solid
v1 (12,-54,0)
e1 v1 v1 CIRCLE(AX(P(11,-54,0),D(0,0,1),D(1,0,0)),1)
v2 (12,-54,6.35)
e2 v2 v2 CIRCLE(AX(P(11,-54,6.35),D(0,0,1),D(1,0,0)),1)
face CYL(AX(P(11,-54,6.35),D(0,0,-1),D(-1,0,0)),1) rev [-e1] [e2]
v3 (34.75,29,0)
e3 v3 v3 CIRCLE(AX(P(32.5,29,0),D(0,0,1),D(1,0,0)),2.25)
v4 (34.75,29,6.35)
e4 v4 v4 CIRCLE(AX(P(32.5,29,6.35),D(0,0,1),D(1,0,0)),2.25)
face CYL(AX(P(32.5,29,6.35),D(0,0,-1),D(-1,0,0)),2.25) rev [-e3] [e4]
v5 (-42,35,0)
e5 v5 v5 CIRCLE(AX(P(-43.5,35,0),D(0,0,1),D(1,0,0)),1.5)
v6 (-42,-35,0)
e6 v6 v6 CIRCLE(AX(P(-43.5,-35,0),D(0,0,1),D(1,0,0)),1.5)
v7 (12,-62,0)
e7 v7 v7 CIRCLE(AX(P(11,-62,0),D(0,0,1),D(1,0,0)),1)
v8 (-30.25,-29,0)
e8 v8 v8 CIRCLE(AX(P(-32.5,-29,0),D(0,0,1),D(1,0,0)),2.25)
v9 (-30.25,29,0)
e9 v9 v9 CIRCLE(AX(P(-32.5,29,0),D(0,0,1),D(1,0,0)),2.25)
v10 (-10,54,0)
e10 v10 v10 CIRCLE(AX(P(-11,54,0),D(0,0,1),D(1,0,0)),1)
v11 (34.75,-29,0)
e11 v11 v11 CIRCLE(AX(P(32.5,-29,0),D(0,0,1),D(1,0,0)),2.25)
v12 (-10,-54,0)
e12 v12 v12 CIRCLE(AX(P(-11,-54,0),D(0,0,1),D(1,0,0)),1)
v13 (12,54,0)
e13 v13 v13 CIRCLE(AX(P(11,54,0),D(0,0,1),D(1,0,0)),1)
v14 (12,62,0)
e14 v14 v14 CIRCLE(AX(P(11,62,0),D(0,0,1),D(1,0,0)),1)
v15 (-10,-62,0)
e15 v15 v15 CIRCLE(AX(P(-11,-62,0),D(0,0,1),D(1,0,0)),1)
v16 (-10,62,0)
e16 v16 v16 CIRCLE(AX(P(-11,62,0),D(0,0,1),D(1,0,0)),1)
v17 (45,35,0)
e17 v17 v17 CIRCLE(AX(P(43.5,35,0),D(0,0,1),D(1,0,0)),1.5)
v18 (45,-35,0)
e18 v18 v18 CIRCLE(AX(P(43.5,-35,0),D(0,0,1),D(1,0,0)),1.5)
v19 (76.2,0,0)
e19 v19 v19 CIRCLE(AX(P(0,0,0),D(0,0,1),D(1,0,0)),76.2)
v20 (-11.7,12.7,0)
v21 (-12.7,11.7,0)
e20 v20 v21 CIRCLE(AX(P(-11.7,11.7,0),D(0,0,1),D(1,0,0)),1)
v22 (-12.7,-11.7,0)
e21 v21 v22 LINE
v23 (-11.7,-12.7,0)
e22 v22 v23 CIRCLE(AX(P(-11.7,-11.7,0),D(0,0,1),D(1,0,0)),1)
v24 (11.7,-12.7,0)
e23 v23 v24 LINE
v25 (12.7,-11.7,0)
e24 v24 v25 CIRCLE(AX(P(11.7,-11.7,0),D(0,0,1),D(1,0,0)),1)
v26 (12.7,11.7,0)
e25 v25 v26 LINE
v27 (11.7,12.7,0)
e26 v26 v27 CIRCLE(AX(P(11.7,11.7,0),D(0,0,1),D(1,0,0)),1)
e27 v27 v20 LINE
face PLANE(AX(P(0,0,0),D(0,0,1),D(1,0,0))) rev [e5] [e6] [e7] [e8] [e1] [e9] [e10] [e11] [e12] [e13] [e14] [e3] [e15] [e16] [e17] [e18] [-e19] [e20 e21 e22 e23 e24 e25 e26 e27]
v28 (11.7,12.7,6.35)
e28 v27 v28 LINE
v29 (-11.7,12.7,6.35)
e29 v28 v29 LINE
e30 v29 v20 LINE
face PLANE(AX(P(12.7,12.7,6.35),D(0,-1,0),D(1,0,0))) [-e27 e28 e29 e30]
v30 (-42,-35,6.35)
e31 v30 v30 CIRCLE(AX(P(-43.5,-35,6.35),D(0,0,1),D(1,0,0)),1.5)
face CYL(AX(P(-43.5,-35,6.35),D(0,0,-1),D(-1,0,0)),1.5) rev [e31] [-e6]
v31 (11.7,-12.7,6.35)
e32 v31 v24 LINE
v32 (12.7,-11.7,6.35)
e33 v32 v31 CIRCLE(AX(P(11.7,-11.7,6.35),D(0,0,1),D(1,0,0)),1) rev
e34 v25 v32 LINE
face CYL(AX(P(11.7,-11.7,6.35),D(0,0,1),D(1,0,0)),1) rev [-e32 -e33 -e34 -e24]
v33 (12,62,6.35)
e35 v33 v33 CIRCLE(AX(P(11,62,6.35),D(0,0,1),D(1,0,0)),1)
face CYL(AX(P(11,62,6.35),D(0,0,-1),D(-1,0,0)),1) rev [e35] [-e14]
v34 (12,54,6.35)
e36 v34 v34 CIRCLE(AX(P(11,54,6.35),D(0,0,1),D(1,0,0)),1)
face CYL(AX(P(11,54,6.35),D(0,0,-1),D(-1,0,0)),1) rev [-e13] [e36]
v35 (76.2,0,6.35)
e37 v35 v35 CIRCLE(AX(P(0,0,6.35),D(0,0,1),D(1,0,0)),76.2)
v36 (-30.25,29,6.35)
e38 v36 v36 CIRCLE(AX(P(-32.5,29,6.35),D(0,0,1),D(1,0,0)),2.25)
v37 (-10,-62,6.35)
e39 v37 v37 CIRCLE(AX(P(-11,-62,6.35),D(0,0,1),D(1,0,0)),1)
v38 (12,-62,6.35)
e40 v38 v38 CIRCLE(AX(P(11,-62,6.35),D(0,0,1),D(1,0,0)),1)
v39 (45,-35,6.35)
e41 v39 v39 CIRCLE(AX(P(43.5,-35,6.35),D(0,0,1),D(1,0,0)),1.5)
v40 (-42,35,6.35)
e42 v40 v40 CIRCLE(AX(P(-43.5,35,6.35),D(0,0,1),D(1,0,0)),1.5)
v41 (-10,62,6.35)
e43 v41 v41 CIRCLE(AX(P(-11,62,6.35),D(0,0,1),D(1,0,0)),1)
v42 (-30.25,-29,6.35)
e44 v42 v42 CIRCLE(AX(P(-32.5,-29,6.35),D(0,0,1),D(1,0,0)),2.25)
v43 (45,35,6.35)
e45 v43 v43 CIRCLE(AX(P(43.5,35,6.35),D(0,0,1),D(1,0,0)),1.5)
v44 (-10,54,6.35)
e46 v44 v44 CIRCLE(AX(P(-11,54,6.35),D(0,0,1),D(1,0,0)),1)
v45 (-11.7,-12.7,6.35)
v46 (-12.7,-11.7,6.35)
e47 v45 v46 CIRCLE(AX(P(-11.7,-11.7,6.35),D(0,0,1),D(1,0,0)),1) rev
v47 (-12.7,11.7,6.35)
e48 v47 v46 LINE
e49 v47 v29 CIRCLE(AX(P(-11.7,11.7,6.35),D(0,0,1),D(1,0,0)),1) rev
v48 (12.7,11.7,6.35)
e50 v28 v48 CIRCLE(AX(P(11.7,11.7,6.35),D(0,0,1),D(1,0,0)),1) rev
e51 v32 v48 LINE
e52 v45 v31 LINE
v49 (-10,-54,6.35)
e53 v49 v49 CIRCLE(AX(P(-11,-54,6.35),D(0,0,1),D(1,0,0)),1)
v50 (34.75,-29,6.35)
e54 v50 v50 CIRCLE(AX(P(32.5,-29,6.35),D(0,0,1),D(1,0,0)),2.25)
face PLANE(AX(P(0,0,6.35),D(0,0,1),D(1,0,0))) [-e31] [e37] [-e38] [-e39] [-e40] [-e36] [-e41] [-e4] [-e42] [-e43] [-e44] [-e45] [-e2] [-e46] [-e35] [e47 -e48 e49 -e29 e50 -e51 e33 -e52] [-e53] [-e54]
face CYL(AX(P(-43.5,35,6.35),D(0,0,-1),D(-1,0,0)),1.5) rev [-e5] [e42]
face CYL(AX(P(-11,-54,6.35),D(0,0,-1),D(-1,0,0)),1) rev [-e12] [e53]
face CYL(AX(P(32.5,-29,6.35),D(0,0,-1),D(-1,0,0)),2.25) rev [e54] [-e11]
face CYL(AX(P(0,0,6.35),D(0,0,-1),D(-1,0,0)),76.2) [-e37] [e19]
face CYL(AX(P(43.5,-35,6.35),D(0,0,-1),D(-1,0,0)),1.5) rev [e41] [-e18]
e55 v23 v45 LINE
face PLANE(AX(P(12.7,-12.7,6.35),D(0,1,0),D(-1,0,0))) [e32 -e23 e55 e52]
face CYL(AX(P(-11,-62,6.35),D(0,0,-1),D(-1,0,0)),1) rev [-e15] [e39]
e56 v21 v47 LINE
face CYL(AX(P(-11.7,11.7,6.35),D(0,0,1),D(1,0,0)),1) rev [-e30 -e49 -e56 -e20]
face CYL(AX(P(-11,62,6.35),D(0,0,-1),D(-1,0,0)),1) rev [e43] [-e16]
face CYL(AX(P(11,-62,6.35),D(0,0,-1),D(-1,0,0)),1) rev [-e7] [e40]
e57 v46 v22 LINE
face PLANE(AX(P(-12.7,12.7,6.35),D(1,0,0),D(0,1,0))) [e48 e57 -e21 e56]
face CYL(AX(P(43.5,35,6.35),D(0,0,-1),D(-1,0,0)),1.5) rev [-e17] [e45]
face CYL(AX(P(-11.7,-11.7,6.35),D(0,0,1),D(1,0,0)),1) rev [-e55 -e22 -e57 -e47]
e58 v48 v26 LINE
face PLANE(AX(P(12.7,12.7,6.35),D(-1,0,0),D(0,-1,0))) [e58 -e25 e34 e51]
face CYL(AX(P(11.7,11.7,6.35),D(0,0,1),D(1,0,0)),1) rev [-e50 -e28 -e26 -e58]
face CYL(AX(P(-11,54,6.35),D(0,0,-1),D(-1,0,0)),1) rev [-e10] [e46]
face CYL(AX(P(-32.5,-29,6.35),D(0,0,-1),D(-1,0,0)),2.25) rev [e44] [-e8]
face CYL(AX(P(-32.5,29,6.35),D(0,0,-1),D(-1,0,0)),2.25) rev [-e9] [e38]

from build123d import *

# Parameters (mm, degrees)
SKETCH1_R           = 76.2
SKETCH1_R_2         = 2.25
SKETCH1_R_3         = 1.5
SKETCH1_R_4         = 1
SKETCH1_W           = 25.4
SKETCH1_H           = 25.4
BOSS_EXTRUDE2_DEPTH = 6.35
FILLET3_R           = 1
FILLET4_R           = 1
FILLET5_R           = 1
FILLET6_R           = 1


with BuildPart() as part:
    # Sketch1 → Boss-Extrude2 (new body)
    with BuildSketch(Plane.XY):
        Circle(SKETCH1_R)
        with Locations((-32.5, 29)):
            Circle(SKETCH1_R_2, mode=Mode.SUBTRACT)
        with Locations((-32.5, -29)):
            Circle(SKETCH1_R_2, mode=Mode.SUBTRACT)
        with Locations((32.5, -29)):
            Circle(SKETCH1_R_2, mode=Mode.SUBTRACT)
        with Locations((32.5, 29)):
            Circle(SKETCH1_R_2, mode=Mode.SUBTRACT)
        with Locations((43.5, 35)):
            Circle(SKETCH1_R_3, mode=Mode.SUBTRACT)
        with Locations((-43.5, 35)):
            Circle(SKETCH1_R_3, mode=Mode.SUBTRACT)
        with Locations((43.5, -35)):
            Circle(SKETCH1_R_3, mode=Mode.SUBTRACT)
        with Locations((-43.5, -35)):
            Circle(SKETCH1_R_3, mode=Mode.SUBTRACT)
        with Locations((-11, 54)):
            Circle(SKETCH1_R_4, mode=Mode.SUBTRACT)
        with Locations((11, 54)):
            Circle(SKETCH1_R_4, mode=Mode.SUBTRACT)
        with Locations((11, 62)):
            Circle(SKETCH1_R_4, mode=Mode.SUBTRACT)
        with Locations((-11, 62)):
            Circle(SKETCH1_R_4, mode=Mode.SUBTRACT)
        with Locations((-11, -62)):
            Circle(SKETCH1_R_4, mode=Mode.SUBTRACT)
        with Locations((-11, -54)):
            Circle(SKETCH1_R_4, mode=Mode.SUBTRACT)
        with Locations((11, -62)):
            Circle(SKETCH1_R_4, mode=Mode.SUBTRACT)
        with Locations((11, -54)):
            Circle(SKETCH1_R_4, mode=Mode.SUBTRACT)
        Rectangle(SKETCH1_W, SKETCH1_H, mode=Mode.SUBTRACT)
    extrude(amount=BOSS_EXTRUDE2_DEPTH)

    # Fillet3
    fillet3_edges = [part.edges().sort_by_distance(p)[0] for p in [
        (-12.7, -12.7, 3.175),
    ]]
    fillet(fillet3_edges, radius=FILLET3_R)

    # Fillet4
    fillet4_edges = [part.edges().sort_by_distance(p)[0] for p in [
        (12.7, 12.7, 3.175),
    ]]
    fillet(fillet4_edges, radius=FILLET4_R)

    # Fillet5
    fillet5_edges = [part.edges().sort_by_distance(p)[0] for p in [
        (-12.7, 12.7, 3.175),
    ]]
    fillet(fillet5_edges, radius=FILLET5_R)

    # Fillet6
    fillet6_edges = [part.edges().sort_by_distance(p)[0] for p in [
        (12.7, -12.7, 3.175),
    ]]
    fillet(fillet6_edges, radius=FILLET6_R)


solid = part.part
